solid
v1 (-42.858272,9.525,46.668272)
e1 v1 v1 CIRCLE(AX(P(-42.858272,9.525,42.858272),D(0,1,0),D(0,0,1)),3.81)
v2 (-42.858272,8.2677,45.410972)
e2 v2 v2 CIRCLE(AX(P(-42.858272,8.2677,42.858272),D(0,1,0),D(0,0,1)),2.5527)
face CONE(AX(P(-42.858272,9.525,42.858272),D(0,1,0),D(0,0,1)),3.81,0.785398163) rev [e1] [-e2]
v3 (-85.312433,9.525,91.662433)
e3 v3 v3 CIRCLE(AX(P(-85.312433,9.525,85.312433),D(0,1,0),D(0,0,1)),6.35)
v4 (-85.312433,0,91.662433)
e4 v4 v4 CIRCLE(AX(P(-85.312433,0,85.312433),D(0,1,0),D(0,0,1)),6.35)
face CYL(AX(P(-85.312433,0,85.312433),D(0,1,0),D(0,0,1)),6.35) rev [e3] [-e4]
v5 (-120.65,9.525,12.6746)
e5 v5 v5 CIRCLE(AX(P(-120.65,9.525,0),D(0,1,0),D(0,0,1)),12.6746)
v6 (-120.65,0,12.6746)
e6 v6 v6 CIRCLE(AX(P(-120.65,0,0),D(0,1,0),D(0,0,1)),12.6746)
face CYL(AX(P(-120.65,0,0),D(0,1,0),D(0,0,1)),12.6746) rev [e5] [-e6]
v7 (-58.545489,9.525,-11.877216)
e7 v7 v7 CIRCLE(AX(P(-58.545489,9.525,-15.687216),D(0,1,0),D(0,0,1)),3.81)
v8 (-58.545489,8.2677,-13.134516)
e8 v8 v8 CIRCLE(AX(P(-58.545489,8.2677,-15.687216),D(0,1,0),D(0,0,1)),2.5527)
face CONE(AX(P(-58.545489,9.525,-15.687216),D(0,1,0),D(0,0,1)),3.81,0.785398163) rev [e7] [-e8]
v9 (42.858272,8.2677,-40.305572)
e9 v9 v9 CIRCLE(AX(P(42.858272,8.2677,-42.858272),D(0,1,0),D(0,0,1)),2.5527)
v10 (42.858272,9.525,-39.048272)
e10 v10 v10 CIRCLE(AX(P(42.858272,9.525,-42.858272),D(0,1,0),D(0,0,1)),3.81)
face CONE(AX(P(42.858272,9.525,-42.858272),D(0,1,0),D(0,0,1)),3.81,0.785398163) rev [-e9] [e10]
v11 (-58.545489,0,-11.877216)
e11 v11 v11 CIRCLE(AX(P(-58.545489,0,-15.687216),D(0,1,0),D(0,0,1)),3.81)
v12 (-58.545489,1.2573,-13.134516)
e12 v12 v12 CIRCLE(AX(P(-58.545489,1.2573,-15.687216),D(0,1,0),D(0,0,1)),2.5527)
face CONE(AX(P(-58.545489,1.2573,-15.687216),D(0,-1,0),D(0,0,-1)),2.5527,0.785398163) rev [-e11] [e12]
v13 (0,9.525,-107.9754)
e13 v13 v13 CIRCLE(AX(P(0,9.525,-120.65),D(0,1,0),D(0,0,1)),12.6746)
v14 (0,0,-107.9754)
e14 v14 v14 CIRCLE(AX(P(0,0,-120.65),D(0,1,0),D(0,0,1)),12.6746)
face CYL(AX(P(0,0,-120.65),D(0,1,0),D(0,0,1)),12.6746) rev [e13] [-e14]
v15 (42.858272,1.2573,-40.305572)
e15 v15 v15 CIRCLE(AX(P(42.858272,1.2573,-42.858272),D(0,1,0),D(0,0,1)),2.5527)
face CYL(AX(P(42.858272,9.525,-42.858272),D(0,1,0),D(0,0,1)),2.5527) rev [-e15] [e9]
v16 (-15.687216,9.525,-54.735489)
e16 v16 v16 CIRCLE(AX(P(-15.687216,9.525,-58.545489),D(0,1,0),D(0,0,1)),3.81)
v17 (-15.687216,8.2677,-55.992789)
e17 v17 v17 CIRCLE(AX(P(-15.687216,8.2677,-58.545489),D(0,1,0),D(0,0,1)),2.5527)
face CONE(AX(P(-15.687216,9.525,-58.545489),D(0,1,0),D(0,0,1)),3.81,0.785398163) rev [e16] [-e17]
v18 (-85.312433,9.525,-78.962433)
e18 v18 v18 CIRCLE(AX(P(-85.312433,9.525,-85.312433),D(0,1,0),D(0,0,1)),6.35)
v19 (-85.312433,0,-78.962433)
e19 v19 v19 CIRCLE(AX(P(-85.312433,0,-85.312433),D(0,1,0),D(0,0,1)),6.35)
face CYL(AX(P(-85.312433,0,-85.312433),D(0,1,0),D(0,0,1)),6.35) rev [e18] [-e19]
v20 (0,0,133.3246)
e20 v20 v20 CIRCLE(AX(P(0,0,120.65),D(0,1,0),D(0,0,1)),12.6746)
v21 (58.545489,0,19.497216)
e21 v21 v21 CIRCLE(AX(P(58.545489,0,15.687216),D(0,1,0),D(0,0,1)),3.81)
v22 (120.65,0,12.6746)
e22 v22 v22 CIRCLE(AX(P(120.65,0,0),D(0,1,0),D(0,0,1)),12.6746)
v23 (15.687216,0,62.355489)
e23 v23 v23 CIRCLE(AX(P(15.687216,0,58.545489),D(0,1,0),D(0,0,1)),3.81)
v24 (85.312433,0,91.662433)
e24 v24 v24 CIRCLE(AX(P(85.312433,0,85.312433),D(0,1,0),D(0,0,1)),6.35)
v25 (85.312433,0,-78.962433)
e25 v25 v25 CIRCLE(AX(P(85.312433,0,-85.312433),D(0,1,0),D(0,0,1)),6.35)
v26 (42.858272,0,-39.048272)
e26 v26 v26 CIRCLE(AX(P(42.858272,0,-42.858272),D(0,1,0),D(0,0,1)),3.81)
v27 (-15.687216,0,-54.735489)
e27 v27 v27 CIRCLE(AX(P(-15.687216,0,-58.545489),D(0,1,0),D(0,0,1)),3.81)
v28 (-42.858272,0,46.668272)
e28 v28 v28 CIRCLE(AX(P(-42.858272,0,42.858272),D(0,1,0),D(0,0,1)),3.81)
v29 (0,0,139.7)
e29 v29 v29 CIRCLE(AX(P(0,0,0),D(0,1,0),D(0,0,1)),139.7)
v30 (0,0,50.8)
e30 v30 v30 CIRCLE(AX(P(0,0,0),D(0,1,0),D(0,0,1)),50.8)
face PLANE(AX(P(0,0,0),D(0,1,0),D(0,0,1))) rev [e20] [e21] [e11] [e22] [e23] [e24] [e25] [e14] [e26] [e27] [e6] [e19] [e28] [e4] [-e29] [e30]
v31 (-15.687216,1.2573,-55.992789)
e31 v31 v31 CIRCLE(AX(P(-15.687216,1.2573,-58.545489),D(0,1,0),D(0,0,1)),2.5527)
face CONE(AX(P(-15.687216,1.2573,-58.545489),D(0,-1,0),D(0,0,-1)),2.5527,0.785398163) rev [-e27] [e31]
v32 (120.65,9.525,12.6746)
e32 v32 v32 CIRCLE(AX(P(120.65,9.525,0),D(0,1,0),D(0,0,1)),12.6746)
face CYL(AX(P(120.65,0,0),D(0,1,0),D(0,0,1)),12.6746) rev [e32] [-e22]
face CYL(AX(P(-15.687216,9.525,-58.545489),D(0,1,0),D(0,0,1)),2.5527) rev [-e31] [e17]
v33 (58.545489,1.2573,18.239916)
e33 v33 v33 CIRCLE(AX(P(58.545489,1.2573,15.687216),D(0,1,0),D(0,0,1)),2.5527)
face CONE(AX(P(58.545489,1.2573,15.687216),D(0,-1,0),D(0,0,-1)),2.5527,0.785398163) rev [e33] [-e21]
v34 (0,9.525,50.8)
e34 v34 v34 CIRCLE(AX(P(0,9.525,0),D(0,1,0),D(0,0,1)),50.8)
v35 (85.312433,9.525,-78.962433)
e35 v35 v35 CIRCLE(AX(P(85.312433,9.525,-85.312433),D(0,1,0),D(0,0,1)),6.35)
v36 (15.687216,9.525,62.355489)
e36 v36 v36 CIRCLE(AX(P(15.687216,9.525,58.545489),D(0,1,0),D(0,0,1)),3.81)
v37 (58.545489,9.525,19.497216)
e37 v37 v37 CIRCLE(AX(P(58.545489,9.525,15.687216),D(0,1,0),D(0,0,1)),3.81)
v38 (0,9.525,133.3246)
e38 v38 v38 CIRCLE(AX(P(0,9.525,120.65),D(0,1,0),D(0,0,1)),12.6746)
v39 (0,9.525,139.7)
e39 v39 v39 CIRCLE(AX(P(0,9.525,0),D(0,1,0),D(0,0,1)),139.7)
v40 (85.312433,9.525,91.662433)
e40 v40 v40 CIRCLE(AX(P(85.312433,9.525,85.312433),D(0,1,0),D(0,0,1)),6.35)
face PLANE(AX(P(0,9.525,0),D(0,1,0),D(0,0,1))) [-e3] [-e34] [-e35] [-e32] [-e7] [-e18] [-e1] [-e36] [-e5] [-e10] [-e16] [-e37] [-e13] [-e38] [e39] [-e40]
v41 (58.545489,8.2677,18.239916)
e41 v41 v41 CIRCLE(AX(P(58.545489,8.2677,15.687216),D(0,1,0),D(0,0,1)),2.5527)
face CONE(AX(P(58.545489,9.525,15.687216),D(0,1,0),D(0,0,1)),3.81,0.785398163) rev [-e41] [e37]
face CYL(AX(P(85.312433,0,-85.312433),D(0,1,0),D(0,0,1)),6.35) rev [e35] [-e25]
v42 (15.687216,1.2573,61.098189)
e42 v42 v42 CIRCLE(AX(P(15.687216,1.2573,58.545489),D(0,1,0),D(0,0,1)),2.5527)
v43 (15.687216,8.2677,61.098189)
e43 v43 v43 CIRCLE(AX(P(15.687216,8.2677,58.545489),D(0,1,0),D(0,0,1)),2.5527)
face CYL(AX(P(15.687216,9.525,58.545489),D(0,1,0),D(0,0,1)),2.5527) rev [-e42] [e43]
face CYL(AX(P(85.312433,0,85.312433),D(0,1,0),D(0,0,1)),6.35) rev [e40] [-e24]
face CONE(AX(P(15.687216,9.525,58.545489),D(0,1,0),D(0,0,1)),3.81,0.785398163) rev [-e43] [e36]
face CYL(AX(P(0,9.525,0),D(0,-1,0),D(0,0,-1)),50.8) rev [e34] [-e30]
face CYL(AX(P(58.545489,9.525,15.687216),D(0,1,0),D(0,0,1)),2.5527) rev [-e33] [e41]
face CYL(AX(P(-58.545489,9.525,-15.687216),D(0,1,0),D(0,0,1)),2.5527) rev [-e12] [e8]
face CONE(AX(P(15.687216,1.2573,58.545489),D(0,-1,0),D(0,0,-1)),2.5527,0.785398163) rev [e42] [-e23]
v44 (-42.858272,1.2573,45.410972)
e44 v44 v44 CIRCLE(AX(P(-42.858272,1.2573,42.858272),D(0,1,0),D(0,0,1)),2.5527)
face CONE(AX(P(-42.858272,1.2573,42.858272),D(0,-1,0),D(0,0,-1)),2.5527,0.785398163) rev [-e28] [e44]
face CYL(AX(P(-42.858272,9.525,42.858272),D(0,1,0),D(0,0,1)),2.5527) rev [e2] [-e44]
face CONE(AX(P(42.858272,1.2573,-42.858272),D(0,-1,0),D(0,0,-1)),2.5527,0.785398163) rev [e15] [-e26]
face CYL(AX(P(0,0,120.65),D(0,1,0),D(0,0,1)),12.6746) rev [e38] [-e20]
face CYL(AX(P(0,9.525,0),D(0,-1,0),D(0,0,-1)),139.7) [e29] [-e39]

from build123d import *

# Parameters (mm, degrees)
SKETCH2_R                        = 139.7
SKETCH2_R_2                      = 50.8
BOSS_EXTRUDE1_DEPTH              = 9.525
SKETCH3_R                        = 12.6746
SKETCH3_R_2                      = 6.35
CUT_EXTRUDE2_DEPTH               = 10.525
F_1_4_20_TAPPED_HOLE1_AT_2_COUNT = 2
F_1_4_20_TAPPED_HOLE1_AT_2_PITCH = 60.61075
F_1_4_20_TAPPED_HOLE1_AT_3_COUNT = 2
F_1_4_20_TAPPED_HOLE1_AT_3_PITCH = 104.980898485
F_1_4_20_TAPPED_HOLE1_AT_4_COUNT = 2
F_1_4_20_TAPPED_HOLE1_AT_4_PITCH = 121.2215
F_1_4_20_TAPPED_HOLE1_AT_5_COUNT = 2
F_1_4_20_TAPPED_HOLE1_AT_5_PITCH = 104.980898485
F_1_4_20_TAPPED_HOLE1_AT_6_COUNT = 2
F_1_4_20_TAPPED_HOLE1_AT_6_PITCH = 60.61075


with BuildPart() as part:
    # Sketch2 → Boss-Extrude1 (new body)
    with BuildSketch(Plane(origin=(0, 0, 0), x_dir=(1, 0, 0), z_dir=(0, 1, 0))):
        Circle(SKETCH2_R)
        Circle(SKETCH2_R_2, mode=Mode.SUBTRACT)
    extrude(amount=BOSS_EXTRUDE1_DEPTH)

    # Sketch3 → Cut-Extrude2 (cut, through all)
    with BuildSketch(Plane(origin=(0, 9.525, 0), x_dir=(1, 0, 0), z_dir=(0, 1, 0))):
        with Locations((0, 120.65)):
            Circle(SKETCH3_R)
        with Locations((120.65, 0)):
            Circle(SKETCH3_R)
        with Locations((0, -120.65)):
            Circle(SKETCH3_R)
        with Locations((-120.65, 0)):
            Circle(SKETCH3_R)
        with Locations((85.31243315, 85.31243315)):
            Circle(SKETCH3_R_2)
        with Locations((85.31243315, -85.31243315)):
            Circle(SKETCH3_R_2)
        with Locations((-85.31243315, -85.31243315)):
            Circle(SKETCH3_R_2)
        with Locations((-85.31243315, 85.31243315)):
            Circle(SKETCH3_R_2)
    extrude(amount=-CUT_EXTRUDE2_DEPTH, mode=Mode.SUBTRACT)

    # Sketch6 → 1/4-20 Tapped Hole1 (revolve, cut)
    with BuildSketch(Plane(origin=(-58.545488776, 9.525, -15.687216438), x_dir=(0, 0, 1), z_dir=(1, 0, 0))):
        Polygon((0, 0), (0, 9.525), (3.81, 9.525), (2.5527, 8.2677), (2.5527, 1.2573), (3.81, 0), align=None)
    f_1_4_20_tapped_hole1 = revolve(axis=Axis((-58.545488776, 15.875, -15.687216438), (0, -1, 0)), mode=Mode.SUBTRACT)

    # 1/4-20 Tapped Hole1 at 2: 1/4-20 Tapped Hole1 ×2
    with Locations(*[Vector(0.707106781, 0, -0.707106781) * (i * F_1_4_20_TAPPED_HOLE1_AT_2_PITCH) for i in range(1, F_1_4_20_TAPPED_HOLE1_AT_2_COUNT)]):
        add(f_1_4_20_tapped_hole1, mode=Mode.SUBTRACT)

    # 1/4-20 Tapped Hole1 at 3: 1/4-20 Tapped Hole1 ×2
    with Locations(*[Vector(0.965925826, 0, -0.258819045) * (i * F_1_4_20_TAPPED_HOLE1_AT_3_PITCH) for i in range(1, F_1_4_20_TAPPED_HOLE1_AT_3_COUNT)]):
        add(f_1_4_20_tapped_hole1, mode=Mode.SUBTRACT)

    # 1/4-20 Tapped Hole1 at 4: 1/4-20 Tapped Hole1 ×2
    with Locations(*[Vector(0.965925826, 0, 0.258819045) * (i * F_1_4_20_TAPPED_HOLE1_AT_4_PITCH) for i in range(1, F_1_4_20_TAPPED_HOLE1_AT_4_COUNT)]):
        add(f_1_4_20_tapped_hole1, mode=Mode.SUBTRACT)

    # 1/4-20 Tapped Hole1 at 5: 1/4-20 Tapped Hole1 ×2
    with Locations(*[Vector(0.707106781, 0, 0.707106781) * (i * F_1_4_20_TAPPED_HOLE1_AT_5_PITCH) for i in range(1, F_1_4_20_TAPPED_HOLE1_AT_5_COUNT)]):
        add(f_1_4_20_tapped_hole1, mode=Mode.SUBTRACT)

    # 1/4-20 Tapped Hole1 at 6: 1/4-20 Tapped Hole1 ×2
    with Locations(*[Vector(0.258819045, 0, 0.965925826) * (i * F_1_4_20_TAPPED_HOLE1_AT_6_PITCH) for i in range(1, F_1_4_20_TAPPED_HOLE1_AT_6_COUNT)]):
        add(f_1_4_20_tapped_hole1, mode=Mode.SUBTRACT)


solid = part.part
